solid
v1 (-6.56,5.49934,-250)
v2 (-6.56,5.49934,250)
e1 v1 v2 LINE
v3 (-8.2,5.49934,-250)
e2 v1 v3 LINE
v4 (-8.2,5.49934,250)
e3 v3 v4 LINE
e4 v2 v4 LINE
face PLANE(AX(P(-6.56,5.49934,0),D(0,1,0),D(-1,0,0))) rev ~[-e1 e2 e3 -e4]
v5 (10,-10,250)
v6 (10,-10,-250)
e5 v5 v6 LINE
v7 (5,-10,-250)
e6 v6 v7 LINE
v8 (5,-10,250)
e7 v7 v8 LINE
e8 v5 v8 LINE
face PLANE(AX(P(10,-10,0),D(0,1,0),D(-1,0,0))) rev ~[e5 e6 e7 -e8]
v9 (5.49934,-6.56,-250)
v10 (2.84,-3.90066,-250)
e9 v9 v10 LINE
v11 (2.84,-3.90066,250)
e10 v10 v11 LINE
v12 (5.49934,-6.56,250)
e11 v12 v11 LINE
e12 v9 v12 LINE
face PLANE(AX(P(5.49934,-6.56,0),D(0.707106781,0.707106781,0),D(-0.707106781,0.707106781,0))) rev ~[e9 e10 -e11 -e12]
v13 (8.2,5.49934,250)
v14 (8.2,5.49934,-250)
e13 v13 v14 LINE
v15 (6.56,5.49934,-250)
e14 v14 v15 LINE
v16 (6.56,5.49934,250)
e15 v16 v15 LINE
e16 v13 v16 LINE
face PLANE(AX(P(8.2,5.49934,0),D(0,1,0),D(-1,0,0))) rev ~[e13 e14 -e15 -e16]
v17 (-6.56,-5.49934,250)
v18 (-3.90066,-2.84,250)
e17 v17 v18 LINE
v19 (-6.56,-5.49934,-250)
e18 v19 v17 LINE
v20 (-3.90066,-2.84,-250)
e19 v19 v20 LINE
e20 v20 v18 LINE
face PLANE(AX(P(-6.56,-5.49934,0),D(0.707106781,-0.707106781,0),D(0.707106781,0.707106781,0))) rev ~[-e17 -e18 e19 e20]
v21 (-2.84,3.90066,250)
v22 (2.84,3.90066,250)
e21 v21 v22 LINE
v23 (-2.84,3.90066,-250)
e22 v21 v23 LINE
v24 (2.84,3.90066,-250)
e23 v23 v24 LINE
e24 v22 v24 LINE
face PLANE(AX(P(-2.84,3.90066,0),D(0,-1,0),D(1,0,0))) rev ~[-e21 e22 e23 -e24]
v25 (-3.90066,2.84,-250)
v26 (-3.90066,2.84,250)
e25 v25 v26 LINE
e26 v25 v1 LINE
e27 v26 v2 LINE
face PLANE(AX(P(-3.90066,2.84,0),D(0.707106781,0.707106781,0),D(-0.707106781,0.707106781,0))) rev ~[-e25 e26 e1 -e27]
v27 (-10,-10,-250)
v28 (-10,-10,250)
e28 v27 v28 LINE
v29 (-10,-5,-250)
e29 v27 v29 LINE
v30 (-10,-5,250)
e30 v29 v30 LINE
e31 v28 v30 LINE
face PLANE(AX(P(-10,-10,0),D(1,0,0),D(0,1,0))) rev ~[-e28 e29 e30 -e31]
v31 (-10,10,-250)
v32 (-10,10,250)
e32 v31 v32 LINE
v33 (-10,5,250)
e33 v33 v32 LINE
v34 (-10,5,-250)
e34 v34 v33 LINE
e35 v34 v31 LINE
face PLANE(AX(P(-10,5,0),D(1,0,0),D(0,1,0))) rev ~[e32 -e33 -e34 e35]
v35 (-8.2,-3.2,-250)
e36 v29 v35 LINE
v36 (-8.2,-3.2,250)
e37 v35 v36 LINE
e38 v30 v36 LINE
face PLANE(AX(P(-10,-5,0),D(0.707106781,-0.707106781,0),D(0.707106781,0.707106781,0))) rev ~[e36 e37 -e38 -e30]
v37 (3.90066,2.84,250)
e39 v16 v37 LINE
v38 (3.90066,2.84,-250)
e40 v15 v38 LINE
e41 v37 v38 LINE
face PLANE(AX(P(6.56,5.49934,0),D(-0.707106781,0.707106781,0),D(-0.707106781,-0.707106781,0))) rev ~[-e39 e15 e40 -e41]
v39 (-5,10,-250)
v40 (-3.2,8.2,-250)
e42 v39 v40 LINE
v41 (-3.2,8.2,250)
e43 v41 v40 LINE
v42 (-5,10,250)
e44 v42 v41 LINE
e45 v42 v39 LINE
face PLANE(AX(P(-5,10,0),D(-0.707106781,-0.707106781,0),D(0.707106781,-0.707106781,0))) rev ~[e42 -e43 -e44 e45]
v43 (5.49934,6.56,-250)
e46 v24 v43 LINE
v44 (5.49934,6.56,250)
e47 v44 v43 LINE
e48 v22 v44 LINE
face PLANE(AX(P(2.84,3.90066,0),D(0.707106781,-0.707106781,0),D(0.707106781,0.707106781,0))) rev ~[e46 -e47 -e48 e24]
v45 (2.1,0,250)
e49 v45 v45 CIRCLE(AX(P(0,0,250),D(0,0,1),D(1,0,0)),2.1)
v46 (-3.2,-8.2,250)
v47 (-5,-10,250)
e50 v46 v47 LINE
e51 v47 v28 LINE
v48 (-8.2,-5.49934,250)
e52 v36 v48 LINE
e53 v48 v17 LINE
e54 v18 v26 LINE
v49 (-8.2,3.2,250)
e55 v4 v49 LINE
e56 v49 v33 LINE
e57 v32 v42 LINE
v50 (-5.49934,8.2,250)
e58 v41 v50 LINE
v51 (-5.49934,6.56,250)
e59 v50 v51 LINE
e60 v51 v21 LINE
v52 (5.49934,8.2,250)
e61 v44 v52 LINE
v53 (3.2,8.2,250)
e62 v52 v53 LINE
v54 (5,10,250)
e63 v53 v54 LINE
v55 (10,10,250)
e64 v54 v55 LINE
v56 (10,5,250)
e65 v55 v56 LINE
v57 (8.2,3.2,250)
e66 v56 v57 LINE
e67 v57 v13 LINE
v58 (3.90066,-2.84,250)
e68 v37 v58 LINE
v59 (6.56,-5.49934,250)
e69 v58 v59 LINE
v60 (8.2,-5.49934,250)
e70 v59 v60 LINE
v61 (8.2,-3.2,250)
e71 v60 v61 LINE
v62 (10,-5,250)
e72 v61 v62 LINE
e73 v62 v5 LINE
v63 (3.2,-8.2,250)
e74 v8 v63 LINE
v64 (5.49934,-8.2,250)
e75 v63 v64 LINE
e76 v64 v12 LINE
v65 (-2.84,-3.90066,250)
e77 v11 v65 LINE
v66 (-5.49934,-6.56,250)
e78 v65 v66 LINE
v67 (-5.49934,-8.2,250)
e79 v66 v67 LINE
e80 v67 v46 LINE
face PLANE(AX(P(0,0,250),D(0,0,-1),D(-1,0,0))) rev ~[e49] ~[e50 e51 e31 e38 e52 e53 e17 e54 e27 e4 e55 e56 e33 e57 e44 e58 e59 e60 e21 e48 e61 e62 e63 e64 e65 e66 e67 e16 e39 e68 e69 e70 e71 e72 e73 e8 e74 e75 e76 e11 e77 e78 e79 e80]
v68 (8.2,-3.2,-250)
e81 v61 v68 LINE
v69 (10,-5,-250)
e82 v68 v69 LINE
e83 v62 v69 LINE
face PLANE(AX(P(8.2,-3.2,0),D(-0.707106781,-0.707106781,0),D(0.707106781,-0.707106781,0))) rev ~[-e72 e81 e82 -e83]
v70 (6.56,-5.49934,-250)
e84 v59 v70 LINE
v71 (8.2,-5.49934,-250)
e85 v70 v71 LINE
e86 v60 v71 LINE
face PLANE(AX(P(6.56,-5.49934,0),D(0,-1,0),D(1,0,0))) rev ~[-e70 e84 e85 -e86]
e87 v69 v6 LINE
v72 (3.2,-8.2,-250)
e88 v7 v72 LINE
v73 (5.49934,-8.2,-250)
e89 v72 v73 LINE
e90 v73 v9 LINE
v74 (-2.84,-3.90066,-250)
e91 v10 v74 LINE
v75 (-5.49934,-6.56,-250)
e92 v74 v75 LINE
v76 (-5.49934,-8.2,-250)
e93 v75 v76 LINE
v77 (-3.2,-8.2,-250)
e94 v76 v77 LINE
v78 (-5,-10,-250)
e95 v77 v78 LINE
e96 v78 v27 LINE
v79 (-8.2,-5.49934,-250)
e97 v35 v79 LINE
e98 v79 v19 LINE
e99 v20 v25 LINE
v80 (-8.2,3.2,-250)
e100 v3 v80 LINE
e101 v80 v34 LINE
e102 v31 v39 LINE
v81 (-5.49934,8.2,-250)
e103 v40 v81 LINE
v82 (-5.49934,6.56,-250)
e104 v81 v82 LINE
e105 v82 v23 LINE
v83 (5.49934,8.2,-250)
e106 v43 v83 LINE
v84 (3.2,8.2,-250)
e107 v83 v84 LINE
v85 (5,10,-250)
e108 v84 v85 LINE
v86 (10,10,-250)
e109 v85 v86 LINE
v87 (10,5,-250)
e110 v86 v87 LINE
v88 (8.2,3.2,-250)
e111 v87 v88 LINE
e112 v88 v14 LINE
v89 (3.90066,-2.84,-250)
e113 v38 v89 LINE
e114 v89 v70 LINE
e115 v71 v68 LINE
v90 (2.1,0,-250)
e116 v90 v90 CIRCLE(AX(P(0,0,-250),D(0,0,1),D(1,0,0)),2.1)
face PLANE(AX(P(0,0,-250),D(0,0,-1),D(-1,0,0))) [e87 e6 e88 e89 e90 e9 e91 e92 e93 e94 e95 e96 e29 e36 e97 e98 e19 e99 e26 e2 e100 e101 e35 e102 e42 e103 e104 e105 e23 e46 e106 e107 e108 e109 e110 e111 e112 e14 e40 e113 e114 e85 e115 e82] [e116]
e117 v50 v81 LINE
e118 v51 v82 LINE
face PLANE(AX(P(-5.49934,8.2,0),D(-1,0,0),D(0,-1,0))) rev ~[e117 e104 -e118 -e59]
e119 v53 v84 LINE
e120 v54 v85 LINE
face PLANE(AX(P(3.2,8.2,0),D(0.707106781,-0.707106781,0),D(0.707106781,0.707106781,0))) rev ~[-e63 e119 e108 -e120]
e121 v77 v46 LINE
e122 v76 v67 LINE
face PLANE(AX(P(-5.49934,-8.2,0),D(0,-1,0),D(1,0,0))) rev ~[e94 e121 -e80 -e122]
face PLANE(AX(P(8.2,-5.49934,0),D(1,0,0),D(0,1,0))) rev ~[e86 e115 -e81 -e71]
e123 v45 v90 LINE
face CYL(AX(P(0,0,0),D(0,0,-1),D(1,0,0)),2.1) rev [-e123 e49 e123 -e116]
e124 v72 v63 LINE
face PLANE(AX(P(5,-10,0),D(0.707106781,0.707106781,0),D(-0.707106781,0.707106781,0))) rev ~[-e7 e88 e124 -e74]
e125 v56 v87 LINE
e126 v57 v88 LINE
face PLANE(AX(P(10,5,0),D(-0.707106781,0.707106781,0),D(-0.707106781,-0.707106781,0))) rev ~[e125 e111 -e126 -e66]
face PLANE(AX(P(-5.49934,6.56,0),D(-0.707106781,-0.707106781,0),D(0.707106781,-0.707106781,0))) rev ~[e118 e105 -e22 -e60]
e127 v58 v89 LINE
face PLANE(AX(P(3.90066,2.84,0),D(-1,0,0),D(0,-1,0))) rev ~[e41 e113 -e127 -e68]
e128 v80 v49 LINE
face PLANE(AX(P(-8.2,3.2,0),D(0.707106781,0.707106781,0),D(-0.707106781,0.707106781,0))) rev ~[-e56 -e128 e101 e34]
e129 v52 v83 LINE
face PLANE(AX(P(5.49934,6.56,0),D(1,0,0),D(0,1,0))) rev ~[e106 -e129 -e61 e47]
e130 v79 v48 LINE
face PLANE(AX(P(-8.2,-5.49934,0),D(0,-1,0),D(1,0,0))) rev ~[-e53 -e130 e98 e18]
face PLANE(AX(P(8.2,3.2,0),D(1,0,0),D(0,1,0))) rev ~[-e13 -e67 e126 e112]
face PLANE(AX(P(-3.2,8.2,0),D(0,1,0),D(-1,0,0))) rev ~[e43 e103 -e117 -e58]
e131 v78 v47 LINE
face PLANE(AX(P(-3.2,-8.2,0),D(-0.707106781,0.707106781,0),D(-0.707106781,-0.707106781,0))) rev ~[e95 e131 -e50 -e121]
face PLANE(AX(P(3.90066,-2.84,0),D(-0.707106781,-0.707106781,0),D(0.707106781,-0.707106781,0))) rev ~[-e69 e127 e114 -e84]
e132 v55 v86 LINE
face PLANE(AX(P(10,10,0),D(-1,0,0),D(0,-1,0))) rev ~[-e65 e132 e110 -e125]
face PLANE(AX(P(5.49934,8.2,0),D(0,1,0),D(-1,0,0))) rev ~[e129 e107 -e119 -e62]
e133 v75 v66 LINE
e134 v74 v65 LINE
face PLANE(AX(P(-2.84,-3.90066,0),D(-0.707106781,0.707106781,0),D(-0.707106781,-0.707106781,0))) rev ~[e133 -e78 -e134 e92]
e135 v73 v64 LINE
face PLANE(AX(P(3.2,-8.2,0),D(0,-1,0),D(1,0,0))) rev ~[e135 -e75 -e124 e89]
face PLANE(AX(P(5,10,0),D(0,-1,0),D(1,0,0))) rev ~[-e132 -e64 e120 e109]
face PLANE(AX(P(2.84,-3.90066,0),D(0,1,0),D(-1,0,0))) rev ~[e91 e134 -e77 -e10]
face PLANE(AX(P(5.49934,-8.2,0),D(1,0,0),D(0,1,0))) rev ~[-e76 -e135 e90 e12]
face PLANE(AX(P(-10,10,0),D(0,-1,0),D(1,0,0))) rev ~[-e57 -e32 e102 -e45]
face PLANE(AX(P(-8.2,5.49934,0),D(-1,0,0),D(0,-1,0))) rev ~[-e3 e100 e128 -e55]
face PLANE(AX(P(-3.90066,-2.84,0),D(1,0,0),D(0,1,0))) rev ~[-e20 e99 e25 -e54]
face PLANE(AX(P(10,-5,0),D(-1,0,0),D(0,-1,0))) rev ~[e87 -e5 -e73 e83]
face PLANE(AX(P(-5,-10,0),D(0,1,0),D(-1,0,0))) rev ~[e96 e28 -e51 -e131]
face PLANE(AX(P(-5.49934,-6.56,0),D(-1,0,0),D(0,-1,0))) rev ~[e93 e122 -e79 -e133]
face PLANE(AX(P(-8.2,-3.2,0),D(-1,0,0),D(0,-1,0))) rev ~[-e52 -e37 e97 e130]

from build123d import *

# Parameters (mm, degrees)
SKETCH1_R           = 2.1
BOSS_EXTRUDE1_DEPTH = 250


with BuildPart() as part:
    # Sketch1 → Boss-Extrude1 (new body, symmetric)
    with BuildSketch(Plane.XY):
        Polygon((-10, 10), (-5, 10), (-3.2, 8.2), (-5.499339828, 8.2), (-5.499339828, 6.56), (-2.84, 3.900660172), (2.84, 3.900660172), (5.499339828, 6.56), (5.499339828, 8.2), (3.2, 8.2), (5, 10), (10, 10), (10, 5), (8.2, 3.2), (8.2, 5.499339828), (6.56, 5.499339828), (3.900660172, 2.84), (3.900660172, -2.84), (6.56, -5.499339828), (8.2, -5.499339828), (8.2, -3.2), (10, -5), (10, -10), (5, -10), (3.2, -8.2), (5.499339828, -8.2), (5.499339828, -6.56), (2.84, -3.900660172), (-2.84, -3.900660172), (-5.499339828, -6.56), (-5.499339828, -8.2), (-3.2, -8.2), (-5, -10), (-10, -10), (-10, -5), (-8.2, -3.2), (-8.2, -5.499339828), (-6.56, -5.499339828), (-3.900660172, -2.84), (-3.900660172, 2.84), (-6.56, 5.499339828), (-8.2, 5.499339828), (-8.2, 3.2), (-10, 5), align=None)
        Circle(SKETCH1_R, mode=Mode.SUBTRACT)
    extrude(amount=BOSS_EXTRUDE1_DEPTH, both=True)


solid = part.part
